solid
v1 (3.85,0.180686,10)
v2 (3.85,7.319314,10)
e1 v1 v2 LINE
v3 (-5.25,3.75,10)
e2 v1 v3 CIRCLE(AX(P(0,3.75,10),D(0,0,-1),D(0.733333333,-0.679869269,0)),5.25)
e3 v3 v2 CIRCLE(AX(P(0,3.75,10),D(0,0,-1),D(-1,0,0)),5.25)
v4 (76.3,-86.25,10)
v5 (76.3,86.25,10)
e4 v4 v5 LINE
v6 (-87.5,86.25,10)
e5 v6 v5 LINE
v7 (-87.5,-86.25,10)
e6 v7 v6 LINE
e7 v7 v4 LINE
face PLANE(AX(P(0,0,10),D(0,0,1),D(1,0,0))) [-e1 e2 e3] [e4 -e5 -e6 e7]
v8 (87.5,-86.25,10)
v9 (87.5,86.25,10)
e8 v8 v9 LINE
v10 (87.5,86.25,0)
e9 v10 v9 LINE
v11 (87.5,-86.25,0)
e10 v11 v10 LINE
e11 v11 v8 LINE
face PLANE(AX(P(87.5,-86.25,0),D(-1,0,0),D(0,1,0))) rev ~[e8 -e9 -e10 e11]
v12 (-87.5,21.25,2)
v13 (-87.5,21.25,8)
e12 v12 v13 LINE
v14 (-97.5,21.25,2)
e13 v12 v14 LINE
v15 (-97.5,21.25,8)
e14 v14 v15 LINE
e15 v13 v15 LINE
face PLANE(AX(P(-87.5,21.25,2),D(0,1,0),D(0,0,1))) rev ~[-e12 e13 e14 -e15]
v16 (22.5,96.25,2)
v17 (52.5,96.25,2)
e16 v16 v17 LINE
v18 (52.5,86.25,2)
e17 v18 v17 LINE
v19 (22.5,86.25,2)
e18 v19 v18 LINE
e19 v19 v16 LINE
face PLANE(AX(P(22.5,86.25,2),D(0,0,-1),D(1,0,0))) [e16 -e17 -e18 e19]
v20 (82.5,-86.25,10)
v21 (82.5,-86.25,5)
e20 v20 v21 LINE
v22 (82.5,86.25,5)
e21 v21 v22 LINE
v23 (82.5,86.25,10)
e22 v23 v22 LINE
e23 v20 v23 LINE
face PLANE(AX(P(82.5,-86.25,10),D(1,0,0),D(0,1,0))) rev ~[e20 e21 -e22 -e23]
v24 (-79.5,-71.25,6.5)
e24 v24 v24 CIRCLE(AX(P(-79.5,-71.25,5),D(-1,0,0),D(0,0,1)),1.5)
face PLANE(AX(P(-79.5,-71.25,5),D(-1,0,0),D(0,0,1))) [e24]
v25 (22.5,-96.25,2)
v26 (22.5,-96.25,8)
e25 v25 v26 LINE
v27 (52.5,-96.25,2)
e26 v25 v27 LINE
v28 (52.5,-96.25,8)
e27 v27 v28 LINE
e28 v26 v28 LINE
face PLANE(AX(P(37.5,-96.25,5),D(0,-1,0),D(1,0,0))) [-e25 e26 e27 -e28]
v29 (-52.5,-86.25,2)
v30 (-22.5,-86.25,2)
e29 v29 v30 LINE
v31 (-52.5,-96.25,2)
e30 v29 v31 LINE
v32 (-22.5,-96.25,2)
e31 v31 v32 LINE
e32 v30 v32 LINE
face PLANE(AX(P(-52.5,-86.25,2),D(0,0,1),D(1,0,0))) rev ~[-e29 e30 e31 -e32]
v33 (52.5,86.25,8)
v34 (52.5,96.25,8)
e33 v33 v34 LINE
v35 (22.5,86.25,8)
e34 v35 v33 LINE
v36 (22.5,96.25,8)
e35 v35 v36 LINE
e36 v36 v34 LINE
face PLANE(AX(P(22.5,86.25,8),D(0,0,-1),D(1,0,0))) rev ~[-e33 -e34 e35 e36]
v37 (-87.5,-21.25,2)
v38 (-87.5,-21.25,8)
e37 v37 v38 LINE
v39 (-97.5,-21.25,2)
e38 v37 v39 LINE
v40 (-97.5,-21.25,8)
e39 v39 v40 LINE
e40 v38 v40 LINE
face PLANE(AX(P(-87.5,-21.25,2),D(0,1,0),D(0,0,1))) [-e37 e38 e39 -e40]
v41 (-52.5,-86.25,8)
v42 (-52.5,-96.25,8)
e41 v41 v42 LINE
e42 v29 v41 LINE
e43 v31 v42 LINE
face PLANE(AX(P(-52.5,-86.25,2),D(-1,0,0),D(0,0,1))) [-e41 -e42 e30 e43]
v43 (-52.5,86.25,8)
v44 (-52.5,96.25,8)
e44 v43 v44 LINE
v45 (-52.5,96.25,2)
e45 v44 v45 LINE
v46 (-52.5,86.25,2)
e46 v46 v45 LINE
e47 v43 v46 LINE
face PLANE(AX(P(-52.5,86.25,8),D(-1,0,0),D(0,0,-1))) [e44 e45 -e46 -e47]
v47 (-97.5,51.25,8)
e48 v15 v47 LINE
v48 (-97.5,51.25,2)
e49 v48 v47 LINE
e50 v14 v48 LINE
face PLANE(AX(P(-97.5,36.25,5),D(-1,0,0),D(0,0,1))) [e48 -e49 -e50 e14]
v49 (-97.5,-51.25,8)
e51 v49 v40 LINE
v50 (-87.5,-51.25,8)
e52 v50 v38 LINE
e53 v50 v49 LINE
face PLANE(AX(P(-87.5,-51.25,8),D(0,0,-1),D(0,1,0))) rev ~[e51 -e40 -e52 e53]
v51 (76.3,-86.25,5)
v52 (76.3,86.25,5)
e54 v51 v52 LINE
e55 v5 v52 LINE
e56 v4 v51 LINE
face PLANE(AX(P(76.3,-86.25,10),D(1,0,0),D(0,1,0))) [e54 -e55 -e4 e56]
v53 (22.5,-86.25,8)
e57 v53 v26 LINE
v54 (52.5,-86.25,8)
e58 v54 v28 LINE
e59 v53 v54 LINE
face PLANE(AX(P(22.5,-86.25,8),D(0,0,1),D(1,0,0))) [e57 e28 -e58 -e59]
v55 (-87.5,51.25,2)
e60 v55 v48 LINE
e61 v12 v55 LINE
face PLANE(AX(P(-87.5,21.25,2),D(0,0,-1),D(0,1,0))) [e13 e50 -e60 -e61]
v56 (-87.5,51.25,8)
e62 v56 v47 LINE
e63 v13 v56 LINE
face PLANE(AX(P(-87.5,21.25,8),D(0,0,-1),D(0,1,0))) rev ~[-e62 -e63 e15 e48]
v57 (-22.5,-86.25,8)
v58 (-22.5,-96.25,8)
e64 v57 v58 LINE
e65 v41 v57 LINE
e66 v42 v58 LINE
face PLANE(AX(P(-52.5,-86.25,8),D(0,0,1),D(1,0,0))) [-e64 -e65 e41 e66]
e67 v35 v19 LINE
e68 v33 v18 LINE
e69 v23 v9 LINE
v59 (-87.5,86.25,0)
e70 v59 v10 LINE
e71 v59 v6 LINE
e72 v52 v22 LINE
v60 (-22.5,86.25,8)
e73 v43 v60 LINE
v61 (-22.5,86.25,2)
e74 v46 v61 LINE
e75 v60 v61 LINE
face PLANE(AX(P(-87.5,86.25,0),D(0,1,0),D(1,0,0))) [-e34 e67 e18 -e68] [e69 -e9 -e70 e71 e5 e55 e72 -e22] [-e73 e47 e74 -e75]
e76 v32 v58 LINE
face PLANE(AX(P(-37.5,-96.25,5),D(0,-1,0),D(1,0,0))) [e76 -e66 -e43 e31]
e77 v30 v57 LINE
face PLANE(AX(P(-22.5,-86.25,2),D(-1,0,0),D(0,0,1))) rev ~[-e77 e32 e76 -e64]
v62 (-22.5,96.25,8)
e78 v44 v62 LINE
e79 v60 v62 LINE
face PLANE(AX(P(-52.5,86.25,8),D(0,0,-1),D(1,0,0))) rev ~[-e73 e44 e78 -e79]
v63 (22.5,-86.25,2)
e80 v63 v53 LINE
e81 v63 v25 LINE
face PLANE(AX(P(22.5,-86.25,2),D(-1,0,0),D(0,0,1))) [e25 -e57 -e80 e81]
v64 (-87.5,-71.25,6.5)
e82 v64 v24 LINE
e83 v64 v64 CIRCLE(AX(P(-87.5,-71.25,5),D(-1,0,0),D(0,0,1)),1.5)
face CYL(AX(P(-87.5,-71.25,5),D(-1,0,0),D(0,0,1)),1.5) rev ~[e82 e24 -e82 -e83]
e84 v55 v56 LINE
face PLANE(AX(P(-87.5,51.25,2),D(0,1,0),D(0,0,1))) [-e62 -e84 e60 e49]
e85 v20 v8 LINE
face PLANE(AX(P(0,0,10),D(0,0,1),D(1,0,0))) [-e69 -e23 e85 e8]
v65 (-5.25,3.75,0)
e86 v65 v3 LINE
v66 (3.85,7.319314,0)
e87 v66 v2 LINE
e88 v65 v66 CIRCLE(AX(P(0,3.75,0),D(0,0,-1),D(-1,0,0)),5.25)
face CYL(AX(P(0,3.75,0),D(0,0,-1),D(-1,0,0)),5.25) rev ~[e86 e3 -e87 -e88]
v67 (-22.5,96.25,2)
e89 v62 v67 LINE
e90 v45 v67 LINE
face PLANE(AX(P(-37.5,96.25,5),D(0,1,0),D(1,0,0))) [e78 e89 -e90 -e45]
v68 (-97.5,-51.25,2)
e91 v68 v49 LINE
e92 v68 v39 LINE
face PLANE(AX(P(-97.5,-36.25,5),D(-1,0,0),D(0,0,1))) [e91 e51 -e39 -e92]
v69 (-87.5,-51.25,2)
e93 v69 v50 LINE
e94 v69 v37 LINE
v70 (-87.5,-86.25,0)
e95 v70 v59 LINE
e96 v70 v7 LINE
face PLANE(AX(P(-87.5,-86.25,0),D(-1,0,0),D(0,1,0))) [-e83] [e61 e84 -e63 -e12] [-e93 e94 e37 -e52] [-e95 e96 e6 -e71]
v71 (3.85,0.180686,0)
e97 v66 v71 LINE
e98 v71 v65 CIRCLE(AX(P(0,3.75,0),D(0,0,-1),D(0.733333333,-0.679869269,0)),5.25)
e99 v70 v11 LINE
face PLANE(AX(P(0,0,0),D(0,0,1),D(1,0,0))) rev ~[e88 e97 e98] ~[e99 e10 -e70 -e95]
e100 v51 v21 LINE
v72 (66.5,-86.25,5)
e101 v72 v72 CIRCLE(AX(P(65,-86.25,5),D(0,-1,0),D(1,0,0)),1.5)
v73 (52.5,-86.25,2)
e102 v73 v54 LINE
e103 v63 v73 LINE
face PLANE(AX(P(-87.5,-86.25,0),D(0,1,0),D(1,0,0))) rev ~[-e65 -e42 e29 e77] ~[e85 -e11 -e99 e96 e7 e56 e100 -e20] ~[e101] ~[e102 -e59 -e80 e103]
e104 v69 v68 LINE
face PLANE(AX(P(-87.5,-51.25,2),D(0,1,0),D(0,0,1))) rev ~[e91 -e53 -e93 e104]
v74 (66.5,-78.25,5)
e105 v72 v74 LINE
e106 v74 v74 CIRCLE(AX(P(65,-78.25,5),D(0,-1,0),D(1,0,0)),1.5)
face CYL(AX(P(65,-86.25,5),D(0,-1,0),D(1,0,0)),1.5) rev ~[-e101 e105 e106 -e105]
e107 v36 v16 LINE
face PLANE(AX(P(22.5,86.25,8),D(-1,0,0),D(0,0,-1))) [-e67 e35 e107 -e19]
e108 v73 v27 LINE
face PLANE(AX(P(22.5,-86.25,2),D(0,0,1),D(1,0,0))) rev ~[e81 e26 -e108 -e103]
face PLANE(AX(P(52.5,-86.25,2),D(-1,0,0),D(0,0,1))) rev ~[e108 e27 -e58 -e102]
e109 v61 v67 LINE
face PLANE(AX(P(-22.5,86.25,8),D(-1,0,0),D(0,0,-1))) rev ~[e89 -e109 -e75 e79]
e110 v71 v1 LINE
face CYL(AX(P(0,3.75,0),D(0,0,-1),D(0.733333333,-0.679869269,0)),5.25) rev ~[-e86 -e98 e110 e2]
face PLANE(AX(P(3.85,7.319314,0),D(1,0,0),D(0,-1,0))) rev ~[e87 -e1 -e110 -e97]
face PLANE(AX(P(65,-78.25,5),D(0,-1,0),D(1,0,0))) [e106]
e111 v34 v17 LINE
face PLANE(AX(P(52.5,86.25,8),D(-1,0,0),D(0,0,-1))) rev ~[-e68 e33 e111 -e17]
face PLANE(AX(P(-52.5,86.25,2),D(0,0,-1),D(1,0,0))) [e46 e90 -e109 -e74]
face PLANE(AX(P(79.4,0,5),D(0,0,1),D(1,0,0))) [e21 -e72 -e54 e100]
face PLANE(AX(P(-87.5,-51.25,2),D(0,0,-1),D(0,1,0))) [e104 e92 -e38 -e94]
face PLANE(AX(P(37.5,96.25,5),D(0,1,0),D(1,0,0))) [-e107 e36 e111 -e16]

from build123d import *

# Parameters (mm, degrees)
ESBO_O1_W                = 175
ESBO_O1_H                = 172.5
RESSALTO_EXTRUS_O1_DEPTH = 10
ESBO_O5_W                = 30
ESBO_O5_H                = 6
RESSALTO_EXTRUS_O5_DEPTH = 10
ESBO_O6_W                = 6
ESBO_O6_H                = 30
RESSALTO_EXTRUS_O6_DEPTH = 10
ESBO_O7_W                = 30
ESBO_O7_H                = 6
RESSALTO_EXTRUS_O7_DEPTH = 10
ESBO_O9_W                = 6.2
ESBO_O9_H                = 172.5
CORTE_EXTRUS_O2_DEPTH    = 5
ESBO_O10_R               = 1.5
CORTE_EXTRUS_O3_DEPTH    = 8
ESBO_O11_R               = 1.5
CORTE_EXTRUS_O4_DEPTH    = 8
CORTE_EXTRUS_O5_DEPTH    = 11


with BuildPart() as part:
    # Esboço1 → Ressalto-extrusão1 (new body)
    with BuildSketch(Plane.XY):
        Rectangle(ESBO_O1_W, ESBO_O1_H)
    extrude(amount=RESSALTO_EXTRUS_O1_DEPTH)

    # Esboço5 → Ressalto-extrusão5 (add)
    with BuildSketch(Plane(origin=(0, 86.25, 0), x_dir=(1, 0, 0), z_dir=(0, 1, 0))):
        with Locations((-37.5, -5)):
            Rectangle(ESBO_O5_W, ESBO_O5_H)
        with Locations((37.5, -5)):
            Rectangle(ESBO_O5_W, ESBO_O5_H)
    extrude(amount=RESSALTO_EXTRUS_O5_DEPTH)

    # Esboço6 → Ressalto-extrusão6 (add)
    with BuildSketch(Plane.ZY.offset(87.5)):
        with Locations((5, 36.25)):
            Rectangle(ESBO_O6_W, ESBO_O6_H)
        with Locations((5, -36.25)):
            Rectangle(ESBO_O6_W, ESBO_O6_H)
    extrude(amount=RESSALTO_EXTRUS_O6_DEPTH)

    # Esboço7 → Ressalto-extrusão7 (add)
    with BuildSketch(Plane.XZ.offset(86.25)):
        with Locations((-37.5, 5)):
            Rectangle(ESBO_O7_W, ESBO_O7_H)
        with Locations((37.5, 5)):
            Rectangle(ESBO_O7_W, ESBO_O7_H)
    extrude(amount=RESSALTO_EXTRUS_O7_DEPTH)

    # Esboço9 → Corte-extrusão2 (cut)
    with BuildSketch(Plane.XY.offset(10)):
        with Locations((79.4, 0)):
            Rectangle(ESBO_O9_W, ESBO_O9_H)
    extrude(amount=-CORTE_EXTRUS_O2_DEPTH, mode=Mode.SUBTRACT)

    # Esboço10 → Corte-extrusão3 (cut)
    with BuildSketch(Plane.ZY.offset(87.5)):
        with Locations((5, -71.25)):
            Circle(ESBO_O10_R)
    extrude(amount=-CORTE_EXTRUS_O3_DEPTH, mode=Mode.SUBTRACT)

    # Esboço11 → Corte-extrusão4 (cut)
    with BuildSketch(Plane.XZ.offset(86.25)):
        with Locations((65, 5)):
            Circle(ESBO_O11_R)
    extrude(amount=-CORTE_EXTRUS_O4_DEPTH, mode=Mode.SUBTRACT)

    # Esboço12 → Corte-extrusão5 (cut, through all)
    with BuildSketch(Plane(origin=(0, 0, 0), x_dir=(-1, 0, 0), z_dir=(0, 0, -1))):
        with BuildLine():
            Line((-3.85, 7.31931366), (-3.85, 0.18068634))
            ThreePointArc((-3.85, 0.18068634), (1.917028951, -1.137484015), (5.25, 3.75))
            ThreePointArc((5.25, 3.75), (1.917028951, 8.637484015), (-3.85, 7.31931366))
        make_face()
    extrude(amount=-CORTE_EXTRUS_O5_DEPTH, mode=Mode.SUBTRACT)


solid = part.part
